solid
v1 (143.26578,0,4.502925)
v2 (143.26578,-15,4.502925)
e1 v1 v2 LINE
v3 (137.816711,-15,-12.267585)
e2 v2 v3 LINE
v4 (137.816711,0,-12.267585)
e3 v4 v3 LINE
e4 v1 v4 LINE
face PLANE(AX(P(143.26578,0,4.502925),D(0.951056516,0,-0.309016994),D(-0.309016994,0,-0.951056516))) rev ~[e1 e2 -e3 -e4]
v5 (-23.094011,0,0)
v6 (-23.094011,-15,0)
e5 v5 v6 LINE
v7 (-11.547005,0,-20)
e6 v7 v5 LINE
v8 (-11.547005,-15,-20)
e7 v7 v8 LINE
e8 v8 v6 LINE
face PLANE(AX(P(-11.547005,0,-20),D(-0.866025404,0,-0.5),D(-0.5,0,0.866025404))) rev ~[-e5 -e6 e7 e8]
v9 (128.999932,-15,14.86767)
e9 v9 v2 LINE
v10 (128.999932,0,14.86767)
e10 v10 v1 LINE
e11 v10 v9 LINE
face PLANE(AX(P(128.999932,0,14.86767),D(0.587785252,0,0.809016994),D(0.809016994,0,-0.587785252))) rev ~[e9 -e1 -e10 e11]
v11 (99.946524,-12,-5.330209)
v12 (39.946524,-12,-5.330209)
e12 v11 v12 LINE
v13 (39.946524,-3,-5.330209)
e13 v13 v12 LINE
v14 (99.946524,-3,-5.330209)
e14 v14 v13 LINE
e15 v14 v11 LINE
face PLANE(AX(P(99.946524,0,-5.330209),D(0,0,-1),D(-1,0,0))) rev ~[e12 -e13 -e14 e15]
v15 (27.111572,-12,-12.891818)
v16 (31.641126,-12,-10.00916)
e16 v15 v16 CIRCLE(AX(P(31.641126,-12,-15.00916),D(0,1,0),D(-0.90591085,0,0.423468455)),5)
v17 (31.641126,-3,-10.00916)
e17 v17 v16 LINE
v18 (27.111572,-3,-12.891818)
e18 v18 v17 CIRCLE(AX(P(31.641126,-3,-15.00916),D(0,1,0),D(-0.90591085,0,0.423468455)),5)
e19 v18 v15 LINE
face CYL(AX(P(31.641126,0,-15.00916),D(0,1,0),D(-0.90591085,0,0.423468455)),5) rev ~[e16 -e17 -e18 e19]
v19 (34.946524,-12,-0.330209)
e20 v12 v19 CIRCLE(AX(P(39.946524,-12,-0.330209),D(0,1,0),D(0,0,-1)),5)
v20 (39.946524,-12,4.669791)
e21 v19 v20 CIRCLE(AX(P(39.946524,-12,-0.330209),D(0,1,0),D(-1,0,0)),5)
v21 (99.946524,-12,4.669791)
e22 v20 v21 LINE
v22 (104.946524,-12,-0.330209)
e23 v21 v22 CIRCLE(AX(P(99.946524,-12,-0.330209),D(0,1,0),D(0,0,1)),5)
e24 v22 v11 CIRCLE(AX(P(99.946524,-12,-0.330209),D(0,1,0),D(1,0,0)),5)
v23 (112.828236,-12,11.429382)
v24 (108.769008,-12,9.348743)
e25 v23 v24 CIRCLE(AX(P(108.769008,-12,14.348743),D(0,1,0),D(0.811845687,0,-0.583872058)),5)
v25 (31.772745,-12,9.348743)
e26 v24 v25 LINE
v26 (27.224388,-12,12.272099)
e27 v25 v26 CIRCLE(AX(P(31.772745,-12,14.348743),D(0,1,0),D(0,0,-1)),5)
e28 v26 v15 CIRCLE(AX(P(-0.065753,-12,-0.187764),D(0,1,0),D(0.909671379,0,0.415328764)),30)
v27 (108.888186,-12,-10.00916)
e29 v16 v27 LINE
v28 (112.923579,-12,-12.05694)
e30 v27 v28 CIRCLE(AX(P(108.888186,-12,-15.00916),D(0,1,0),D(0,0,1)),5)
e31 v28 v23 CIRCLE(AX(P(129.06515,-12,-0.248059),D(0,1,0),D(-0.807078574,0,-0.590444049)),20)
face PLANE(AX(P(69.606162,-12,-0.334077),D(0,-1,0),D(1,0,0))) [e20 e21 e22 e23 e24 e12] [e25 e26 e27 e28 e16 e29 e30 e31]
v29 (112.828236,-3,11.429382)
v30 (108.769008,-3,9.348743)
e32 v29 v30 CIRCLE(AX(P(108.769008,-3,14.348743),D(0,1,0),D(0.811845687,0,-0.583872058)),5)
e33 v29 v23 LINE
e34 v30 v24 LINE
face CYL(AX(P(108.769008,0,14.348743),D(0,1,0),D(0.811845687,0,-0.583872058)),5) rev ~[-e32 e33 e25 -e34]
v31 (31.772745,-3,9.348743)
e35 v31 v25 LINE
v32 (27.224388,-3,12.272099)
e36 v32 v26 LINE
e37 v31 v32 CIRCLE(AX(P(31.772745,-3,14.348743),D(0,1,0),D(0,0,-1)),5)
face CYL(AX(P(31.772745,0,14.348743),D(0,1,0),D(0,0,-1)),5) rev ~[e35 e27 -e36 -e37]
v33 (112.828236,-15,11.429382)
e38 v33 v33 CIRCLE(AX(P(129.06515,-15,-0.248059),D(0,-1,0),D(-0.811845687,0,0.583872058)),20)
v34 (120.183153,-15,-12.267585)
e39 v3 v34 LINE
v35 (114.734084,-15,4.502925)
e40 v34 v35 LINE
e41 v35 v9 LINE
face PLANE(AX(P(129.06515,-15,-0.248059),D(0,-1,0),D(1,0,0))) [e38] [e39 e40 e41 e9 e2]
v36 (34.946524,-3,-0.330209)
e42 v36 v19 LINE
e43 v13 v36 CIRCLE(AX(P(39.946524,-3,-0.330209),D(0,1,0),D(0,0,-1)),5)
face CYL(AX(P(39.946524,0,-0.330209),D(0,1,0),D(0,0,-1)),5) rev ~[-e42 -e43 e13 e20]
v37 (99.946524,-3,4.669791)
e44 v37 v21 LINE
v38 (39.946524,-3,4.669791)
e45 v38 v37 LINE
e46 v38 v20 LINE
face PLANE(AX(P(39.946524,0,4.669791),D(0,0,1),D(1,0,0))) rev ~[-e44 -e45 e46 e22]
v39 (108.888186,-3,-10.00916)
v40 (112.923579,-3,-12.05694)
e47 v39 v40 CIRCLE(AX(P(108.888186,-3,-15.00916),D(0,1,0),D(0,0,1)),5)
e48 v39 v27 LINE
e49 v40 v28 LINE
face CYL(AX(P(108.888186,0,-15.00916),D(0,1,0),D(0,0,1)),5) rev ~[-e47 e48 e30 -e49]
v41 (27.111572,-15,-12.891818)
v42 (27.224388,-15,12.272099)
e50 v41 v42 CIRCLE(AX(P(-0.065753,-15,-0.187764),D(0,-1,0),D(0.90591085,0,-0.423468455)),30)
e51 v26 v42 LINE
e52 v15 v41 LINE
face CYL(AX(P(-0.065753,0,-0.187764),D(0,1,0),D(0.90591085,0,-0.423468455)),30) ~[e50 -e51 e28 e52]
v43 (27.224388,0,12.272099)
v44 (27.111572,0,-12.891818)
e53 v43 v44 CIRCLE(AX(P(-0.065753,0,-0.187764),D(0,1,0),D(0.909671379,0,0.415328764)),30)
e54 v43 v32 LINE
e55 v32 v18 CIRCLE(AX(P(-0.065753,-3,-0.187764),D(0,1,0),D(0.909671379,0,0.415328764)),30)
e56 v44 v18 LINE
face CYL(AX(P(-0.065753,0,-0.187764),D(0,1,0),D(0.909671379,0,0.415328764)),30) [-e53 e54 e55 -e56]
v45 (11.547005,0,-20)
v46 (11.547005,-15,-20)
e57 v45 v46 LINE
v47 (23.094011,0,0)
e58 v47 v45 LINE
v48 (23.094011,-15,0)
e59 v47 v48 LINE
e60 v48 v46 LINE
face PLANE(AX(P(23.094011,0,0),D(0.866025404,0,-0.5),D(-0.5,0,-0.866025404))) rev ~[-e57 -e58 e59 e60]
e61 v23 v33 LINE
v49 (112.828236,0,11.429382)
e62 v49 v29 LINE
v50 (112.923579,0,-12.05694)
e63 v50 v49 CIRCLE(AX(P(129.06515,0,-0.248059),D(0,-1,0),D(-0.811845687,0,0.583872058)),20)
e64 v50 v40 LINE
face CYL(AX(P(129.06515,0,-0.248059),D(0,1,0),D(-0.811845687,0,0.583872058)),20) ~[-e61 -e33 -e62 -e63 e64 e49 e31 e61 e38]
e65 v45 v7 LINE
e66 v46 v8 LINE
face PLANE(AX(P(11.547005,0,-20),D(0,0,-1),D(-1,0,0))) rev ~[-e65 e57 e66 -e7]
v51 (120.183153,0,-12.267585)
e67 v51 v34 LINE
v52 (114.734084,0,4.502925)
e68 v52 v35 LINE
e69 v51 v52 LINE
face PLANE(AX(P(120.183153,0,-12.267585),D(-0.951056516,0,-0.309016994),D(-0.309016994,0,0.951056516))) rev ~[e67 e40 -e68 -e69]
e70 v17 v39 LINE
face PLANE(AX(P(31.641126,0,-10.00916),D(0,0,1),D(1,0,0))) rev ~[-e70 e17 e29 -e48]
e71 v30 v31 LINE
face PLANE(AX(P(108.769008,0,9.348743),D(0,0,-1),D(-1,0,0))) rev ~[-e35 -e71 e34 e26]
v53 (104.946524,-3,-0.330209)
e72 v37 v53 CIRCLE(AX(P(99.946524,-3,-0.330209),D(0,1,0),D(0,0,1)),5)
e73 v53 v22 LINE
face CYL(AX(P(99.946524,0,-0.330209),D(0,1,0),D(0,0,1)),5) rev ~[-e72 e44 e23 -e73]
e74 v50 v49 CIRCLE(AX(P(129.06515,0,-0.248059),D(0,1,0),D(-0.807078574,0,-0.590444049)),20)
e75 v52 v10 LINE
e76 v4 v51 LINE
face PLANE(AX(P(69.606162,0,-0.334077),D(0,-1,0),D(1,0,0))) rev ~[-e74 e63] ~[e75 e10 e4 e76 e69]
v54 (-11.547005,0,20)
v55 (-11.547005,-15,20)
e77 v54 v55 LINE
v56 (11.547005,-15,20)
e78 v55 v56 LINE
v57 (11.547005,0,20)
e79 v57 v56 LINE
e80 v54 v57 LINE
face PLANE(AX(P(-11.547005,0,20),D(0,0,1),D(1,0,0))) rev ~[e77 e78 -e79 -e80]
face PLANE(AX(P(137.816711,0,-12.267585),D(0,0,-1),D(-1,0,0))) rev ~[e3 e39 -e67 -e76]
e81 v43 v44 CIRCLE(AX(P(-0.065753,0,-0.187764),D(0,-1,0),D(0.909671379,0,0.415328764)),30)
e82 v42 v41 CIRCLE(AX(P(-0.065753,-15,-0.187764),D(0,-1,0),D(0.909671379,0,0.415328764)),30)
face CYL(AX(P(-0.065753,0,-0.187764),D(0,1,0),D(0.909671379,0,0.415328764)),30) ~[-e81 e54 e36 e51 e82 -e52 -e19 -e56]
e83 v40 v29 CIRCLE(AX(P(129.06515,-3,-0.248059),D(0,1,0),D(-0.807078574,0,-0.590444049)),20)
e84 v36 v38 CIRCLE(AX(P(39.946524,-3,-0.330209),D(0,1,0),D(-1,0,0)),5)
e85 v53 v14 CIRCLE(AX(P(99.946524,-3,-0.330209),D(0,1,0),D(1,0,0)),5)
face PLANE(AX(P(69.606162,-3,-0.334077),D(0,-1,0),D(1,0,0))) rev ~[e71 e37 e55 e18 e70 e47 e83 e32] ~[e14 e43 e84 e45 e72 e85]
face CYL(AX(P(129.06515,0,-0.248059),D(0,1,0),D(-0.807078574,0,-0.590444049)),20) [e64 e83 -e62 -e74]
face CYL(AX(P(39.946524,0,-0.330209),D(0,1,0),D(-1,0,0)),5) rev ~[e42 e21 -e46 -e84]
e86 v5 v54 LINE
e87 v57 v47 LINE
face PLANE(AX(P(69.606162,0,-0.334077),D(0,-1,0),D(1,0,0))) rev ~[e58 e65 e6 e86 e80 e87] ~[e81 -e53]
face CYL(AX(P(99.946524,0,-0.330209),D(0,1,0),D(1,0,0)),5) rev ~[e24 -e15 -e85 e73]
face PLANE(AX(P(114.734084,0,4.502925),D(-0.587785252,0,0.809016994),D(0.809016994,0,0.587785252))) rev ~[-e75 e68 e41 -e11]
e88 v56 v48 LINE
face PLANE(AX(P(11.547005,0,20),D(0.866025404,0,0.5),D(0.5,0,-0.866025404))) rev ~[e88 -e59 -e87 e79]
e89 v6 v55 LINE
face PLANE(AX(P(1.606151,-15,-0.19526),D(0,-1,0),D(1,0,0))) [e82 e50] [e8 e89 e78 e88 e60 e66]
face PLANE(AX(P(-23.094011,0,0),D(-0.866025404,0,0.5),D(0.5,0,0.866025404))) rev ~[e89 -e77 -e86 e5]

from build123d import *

# Parameters (mm, degrees)
F1_DEPTH = 15
F2_DEPTH = 12
F3_DEPTH = 3


with BuildPart() as f1:
    # F0 (on Front) → F1 (new body)
    with BuildSketch(Plane.XZ):
        with BuildLine():
            ThreePointArc((27.111572217, -12.8918176383), (29.93394524, -0.3222598375), (27.2243880974, 12.2720989346))
            ThreePointArc((27.2243880974, 12.2720989346), (-30.0654517858, -0.0532681334), (27.111572217, -12.8918176383))
        make_face()
        Polygon((-11.5470053838, -20), (-23.0940107676, 0), (-11.5470053838, 20), (11.5470053838, 20), (23.0940107676, 0), (11.5470053838, -20), align=None, mode=Mode.SUBTRACT)
    extrude(amount=F1_DEPTH)



with BuildPart() as f1b:
    # F0 (on Front) → F1, piece 2 (new body)
    with BuildSketch(Plane.XZ):
        with BuildLine():
            ThreePointArc((112.9235786366, -12.0569396696), (149.0649853319, -0.1668697578), (112.8282363773, 11.4293824652))
            ThreePointArc((112.8282363773, 11.4293824652), (109.0653149154, -0.3292476273), (112.9235786366, -12.0569396696))
        make_face()
        Polygon((114.7340843825, 4.5029248509), (128.9999321269, 14.8676699353), (143.2657798714, 4.5029248509), (137.8167109113, -12.2675849804), (120.1831533425, -12.2675849804), align=None, mode=Mode.SUBTRACT)
    extrude(amount=F1_DEPTH)


with BuildPart() as f1_1:
    add(f1.part)

    add(f1b.part)  # F2 merges F1b
    # F0 (on Front) → F2 (join)
    with BuildSketch(Plane.XZ):
        with BuildLine():
            Line((108.7690079407, 9.3487427546), (31.7727449925, 9.3487427546))
            ThreePointArc((31.7727449925, 9.3487427546), (29.0693414988, 10.1426032479), (27.2243880974, 12.2720989346))
            ThreePointArc((27.2243880974, 12.2720989346), (29.93394524, -0.3222598375), (27.111572217, -12.8918176383))
            ThreePointArc((27.111572217, -12.8918176383), (28.9566070835, -10.7909427918), (31.6411264653, -10.0091599138))
            Line((31.6411264653, -10.0091599138), (108.8881857649, -10.0091599138))
            ThreePointArc((108.8881857649, -10.0091599138), (111.1508057925, -10.5503988067), (112.9235786366, -12.0569396696))
            ThreePointArc((112.9235786366, -12.0569396696), (109.0653149154, -0.3292476273), (112.8282363773, 11.4293824652))
            ThreePointArc((112.8282363773, 11.4293824652), (111.0497094285, 9.8992033713), (108.7690079407, 9.3487427546))
        make_face()
        with BuildLine():
            ThreePointArc((34.9465236354, -0.3302085796), (36.4109897295, 3.2053253263), (39.9465236354, 4.6697914204))
            Line((39.9465236354, 4.6697914204), (99.9465236354, 4.6697914204))
            ThreePointArc((99.9465236354, 4.6697914204), (103.4820575413, 3.2053253263), (104.9465236354, -0.3302085796))
            ThreePointArc((104.9465236354, -0.3302085796), (103.4820575413, -3.8657424855), (99.9465236354, -5.3302085796))
            Line((99.9465236354, -5.3302085796), (39.9465236354, -5.3302085796))
            ThreePointArc((39.9465236354, -5.3302085796), (36.4109897295, -3.8657424855), (34.9465236354, -0.3302085796))
        make_face(mode=Mode.SUBTRACT)
    extrude(amount=F2_DEPTH)

    # F0 (on Front) → F3 (cut)
    with BuildSketch(Plane.XZ):
        with BuildLine():
            Line((108.7690079407, 9.3487427546), (31.7727449925, 9.3487427546))
            ThreePointArc((31.7727449925, 9.3487427546), (29.0693414988, 10.1426032479), (27.2243880974, 12.2720989346))
            ThreePointArc((27.2243880974, 12.2720989346), (29.93394524, -0.3222598375), (27.111572217, -12.8918176383))
            ThreePointArc((27.111572217, -12.8918176383), (28.9566070835, -10.7909427918), (31.6411264653, -10.0091599138))
            Line((31.6411264653, -10.0091599138), (108.8881857649, -10.0091599138))
            ThreePointArc((108.8881857649, -10.0091599138), (111.1508057925, -10.5503988067), (112.9235786366, -12.0569396696))
            ThreePointArc((112.9235786366, -12.0569396696), (109.0653149154, -0.3292476273), (112.8282363773, 11.4293824652))
            ThreePointArc((112.8282363773, 11.4293824652), (111.0497094285, 9.8992033713), (108.7690079407, 9.3487427546))
        make_face()
        with BuildLine():
            ThreePointArc((34.9465236354, -0.3302085796), (36.4109897295, 3.2053253263), (39.9465236354, 4.6697914204))
            Line((39.9465236354, 4.6697914204), (99.9465236354, 4.6697914204))
            ThreePointArc((99.9465236354, 4.6697914204), (103.4820575413, 3.2053253263), (104.9465236354, -0.3302085796))
            ThreePointArc((104.9465236354, -0.3302085796), (103.4820575413, -3.8657424855), (99.9465236354, -5.3302085796))
            Line((99.9465236354, -5.3302085796), (39.9465236354, -5.3302085796))
            ThreePointArc((39.9465236354, -5.3302085796), (36.4109897295, -3.8657424855), (34.9465236354, -0.3302085796))
        make_face(mode=Mode.SUBTRACT)
    extrude(amount=F3_DEPTH, mode=Mode.SUBTRACT)


solid = f1_1.part
